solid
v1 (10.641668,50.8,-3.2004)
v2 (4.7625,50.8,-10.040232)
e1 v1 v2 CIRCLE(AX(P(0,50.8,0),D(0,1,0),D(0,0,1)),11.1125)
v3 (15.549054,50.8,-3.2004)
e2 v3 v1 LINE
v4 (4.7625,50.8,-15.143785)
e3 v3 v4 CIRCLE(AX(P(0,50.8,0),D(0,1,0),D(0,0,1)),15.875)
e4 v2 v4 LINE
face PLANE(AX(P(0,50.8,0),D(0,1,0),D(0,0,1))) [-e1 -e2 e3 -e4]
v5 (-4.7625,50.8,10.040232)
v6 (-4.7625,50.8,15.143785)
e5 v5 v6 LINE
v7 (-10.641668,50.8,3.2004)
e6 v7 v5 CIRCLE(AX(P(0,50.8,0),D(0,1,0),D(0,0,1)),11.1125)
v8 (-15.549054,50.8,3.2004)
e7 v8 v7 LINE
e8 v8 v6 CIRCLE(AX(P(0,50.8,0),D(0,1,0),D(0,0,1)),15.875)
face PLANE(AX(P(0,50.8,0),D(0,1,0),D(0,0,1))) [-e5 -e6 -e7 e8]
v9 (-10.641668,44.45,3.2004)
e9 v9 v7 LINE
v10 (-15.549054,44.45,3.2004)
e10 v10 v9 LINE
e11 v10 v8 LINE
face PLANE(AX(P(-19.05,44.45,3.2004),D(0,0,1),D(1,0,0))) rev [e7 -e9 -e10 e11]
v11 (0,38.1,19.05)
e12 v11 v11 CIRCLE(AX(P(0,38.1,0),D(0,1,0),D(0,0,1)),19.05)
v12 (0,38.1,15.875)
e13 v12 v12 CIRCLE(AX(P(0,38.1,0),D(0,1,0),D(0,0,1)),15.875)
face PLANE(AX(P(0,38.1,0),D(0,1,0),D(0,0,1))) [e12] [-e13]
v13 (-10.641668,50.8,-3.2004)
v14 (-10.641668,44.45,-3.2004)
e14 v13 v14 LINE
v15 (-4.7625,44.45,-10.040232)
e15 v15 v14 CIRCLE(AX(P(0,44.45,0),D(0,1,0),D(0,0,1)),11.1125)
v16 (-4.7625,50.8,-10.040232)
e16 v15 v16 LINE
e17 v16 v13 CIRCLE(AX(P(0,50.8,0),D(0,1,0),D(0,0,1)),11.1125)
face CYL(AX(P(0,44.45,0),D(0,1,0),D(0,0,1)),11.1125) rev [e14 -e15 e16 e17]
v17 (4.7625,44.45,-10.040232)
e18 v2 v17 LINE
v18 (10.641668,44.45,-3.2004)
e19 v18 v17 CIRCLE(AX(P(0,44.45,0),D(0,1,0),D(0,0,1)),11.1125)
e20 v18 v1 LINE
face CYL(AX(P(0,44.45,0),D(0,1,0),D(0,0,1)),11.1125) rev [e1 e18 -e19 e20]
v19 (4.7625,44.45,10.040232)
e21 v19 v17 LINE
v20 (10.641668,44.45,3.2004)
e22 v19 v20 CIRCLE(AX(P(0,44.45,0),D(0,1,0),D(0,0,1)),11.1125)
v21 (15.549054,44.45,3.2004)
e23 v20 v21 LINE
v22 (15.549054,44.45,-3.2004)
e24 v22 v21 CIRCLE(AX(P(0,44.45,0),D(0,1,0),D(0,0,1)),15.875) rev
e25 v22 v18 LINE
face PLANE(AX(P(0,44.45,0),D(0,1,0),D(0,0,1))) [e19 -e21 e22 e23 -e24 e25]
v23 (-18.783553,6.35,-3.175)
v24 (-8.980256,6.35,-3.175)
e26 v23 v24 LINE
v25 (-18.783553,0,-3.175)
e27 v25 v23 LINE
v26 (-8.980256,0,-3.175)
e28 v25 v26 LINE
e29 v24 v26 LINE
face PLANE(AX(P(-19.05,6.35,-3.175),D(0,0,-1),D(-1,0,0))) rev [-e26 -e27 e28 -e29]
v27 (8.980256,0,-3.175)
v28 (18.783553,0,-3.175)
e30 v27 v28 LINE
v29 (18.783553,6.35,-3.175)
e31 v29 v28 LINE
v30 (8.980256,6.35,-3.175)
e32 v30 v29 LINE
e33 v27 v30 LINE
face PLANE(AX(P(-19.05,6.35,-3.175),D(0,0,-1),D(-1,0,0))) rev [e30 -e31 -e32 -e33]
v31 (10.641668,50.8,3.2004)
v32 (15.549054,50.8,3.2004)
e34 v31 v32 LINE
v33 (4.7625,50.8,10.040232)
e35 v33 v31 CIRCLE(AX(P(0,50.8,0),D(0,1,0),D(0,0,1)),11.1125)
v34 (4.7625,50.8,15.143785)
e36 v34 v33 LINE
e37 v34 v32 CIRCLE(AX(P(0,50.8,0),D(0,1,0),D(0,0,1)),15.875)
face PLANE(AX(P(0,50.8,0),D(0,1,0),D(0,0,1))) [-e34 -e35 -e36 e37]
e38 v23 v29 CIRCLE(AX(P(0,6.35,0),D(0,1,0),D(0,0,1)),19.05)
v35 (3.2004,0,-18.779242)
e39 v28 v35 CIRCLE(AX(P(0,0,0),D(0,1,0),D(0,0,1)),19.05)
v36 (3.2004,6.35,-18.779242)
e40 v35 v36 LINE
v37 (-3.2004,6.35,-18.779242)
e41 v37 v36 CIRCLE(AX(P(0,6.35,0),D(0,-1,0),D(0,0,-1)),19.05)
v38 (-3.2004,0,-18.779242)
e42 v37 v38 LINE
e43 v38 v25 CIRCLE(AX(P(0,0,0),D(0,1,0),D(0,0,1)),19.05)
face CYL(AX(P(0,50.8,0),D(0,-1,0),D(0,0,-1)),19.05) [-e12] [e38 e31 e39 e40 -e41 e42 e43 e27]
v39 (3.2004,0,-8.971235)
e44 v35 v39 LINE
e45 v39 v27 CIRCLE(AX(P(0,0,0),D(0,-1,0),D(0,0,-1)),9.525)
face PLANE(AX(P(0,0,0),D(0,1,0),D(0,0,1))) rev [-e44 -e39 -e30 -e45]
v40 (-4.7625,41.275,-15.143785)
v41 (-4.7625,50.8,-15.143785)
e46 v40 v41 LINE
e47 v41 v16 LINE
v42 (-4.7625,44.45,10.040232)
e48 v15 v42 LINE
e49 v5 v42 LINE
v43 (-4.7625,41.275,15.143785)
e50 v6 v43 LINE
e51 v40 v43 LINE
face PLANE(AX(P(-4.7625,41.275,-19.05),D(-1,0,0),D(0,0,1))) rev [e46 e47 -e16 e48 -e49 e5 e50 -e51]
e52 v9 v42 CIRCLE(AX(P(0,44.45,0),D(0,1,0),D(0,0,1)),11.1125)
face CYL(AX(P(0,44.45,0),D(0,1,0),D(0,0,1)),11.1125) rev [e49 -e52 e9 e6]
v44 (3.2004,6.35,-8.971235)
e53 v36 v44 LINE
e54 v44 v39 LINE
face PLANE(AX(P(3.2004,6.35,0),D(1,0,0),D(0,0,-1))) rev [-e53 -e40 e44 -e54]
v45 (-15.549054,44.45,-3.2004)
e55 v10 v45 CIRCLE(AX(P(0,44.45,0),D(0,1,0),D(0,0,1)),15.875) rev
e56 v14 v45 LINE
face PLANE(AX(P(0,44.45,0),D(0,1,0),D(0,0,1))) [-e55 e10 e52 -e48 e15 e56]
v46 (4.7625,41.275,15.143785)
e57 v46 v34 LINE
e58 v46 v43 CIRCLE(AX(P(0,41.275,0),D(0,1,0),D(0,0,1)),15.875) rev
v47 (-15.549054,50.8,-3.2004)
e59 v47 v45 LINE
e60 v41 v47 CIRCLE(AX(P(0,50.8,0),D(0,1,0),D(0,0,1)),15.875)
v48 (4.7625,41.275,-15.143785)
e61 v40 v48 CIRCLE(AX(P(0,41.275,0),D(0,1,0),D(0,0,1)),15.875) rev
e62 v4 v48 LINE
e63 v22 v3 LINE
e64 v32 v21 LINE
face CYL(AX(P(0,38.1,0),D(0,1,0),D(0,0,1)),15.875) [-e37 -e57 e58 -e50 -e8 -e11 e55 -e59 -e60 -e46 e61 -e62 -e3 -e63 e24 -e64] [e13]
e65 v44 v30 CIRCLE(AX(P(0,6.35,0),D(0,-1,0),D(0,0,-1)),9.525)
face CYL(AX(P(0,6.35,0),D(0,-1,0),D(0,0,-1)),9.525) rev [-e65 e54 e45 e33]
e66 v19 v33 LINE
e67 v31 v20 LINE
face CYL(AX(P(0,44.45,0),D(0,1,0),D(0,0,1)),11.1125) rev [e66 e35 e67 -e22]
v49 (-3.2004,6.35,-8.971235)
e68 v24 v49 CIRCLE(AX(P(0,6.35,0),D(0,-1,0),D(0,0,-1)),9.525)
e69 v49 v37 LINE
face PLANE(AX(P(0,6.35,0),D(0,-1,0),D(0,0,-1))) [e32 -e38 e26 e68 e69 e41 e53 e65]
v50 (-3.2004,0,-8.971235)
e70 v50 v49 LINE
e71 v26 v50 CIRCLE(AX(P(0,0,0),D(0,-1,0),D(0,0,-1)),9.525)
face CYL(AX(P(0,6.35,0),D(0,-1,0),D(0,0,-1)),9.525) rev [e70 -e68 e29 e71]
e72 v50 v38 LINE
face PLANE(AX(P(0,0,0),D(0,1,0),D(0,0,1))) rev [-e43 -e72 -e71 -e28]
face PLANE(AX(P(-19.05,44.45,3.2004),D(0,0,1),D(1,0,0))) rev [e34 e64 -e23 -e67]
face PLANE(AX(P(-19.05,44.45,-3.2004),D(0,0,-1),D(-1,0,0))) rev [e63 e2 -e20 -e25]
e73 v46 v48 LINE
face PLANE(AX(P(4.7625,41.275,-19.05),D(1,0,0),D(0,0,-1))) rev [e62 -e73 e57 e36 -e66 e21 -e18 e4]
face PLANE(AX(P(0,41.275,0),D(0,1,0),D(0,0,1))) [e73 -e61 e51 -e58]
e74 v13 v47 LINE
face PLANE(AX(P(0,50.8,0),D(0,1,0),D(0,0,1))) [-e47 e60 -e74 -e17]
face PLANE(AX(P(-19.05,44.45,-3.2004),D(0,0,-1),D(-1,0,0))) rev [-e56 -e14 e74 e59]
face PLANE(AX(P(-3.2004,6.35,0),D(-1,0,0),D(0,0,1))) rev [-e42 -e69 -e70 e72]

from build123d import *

# Parameters (mm, degrees)
SKETCH1_R                              = 19.05
F_1_5_DIAMETER_2_TALL_CYLINDER_DEPTH   = 50.8
SKETCH2_R                              = 19.05
SKETCH2_R_2                            = 15.875
F_1_25_DIAMETER_X_5_CYLINDER_CUT_DEPTH = 12.7
SKETCH3_R                              = 11.1125
CUT_EXTRUDE2_DEPTH                     = 6.35
SKETCH4_W                              = 9.525
SKETCH4_H                              = 38.1
CUT_EXTRUDE3_DEPTH                     = 9.525
SKETCH5_W                              = 38.1
SKETCH5_H                              = 6.4008
CUT_EXTRUDE4_DEPTH                     = 6.35
SKETCH11_R                             = 9.525
CUT_EXTRUDE5_DEPTH                     = 6.35
SKETCH12_W                             = 6.4008
SKETCH12_H                             = 19.05
CUT_EXTRUDE6_DEPTH                     = 6.35
SKETCH13_W                             = 38.1
SKETCH13_H                             = 22.225
CUT_EXTRUDE7_DEPTH                     = 6.35


with BuildPart() as part:
    # Sketch1 → 1.5" diameter 2" tall cylinder (new body)
    with BuildSketch(Plane(origin=(0, 0, 0), x_dir=(1, 0, 0), z_dir=(0, 1, 0))):
        Circle(SKETCH1_R)
    extrude(amount=F_1_5_DIAMETER_2_TALL_CYLINDER_DEPTH)

    # Sketch2 → 1.25" diameter x .5" cylinder cut (cut)
    with BuildSketch(Plane(origin=(0, 50.8, 0), x_dir=(1, 0, 0), z_dir=(0, 1, 0))):
        Circle(SKETCH2_R)
        Circle(SKETCH2_R_2, mode=Mode.SUBTRACT)
    extrude(amount=-F_1_25_DIAMETER_X_5_CYLINDER_CUT_DEPTH, mode=Mode.SUBTRACT)

    # Sketch3 → Cut-Extrude2 (cut)
    with BuildSketch(Plane(origin=(0, 50.8, 0), x_dir=(1, 0, 0), z_dir=(0, 1, 0))):
        Circle(SKETCH3_R)
    extrude(amount=-CUT_EXTRUDE2_DEPTH, mode=Mode.SUBTRACT)

    # Sketch4 → Cut-Extrude3 (cut)
    with BuildSketch(Plane(origin=(0, 50.8, 0), x_dir=(1, 0, 0), z_dir=(0, 1, 0))):
        Rectangle(SKETCH4_W, SKETCH4_H)
    extrude(amount=-CUT_EXTRUDE3_DEPTH, mode=Mode.SUBTRACT)

    # Sketch5 → Cut-Extrude4 (cut)
    with BuildSketch(Plane(origin=(0, 50.8, 0), x_dir=(1, 0, 0), z_dir=(0, 1, 0))):
        Rectangle(SKETCH5_W, SKETCH5_H)
    extrude(amount=-CUT_EXTRUDE4_DEPTH, mode=Mode.SUBTRACT)

    # Sketch11 → Cut-Extrude5 (cut)
    with BuildSketch(Plane(origin=(0, 0, 0), x_dir=(-1, 0, 0), z_dir=(0, -1, 0))):
        Circle(SKETCH11_R)
    extrude(amount=-CUT_EXTRUDE5_DEPTH, mode=Mode.SUBTRACT)

    # Sketch12 → Cut-Extrude6 (cut)
    with BuildSketch(Plane.XZ):
        with Locations((0, -9.525)):
            Rectangle(SKETCH12_W, SKETCH12_H)
    extrude(amount=-CUT_EXTRUDE6_DEPTH, mode=Mode.SUBTRACT)

    # Sketch13 → Cut-Extrude7 (cut)
    with BuildSketch(Plane.XZ):
        with Locations((0, 7.9375)):
            Rectangle(SKETCH13_W, SKETCH13_H)
    extrude(amount=-CUT_EXTRUDE7_DEPTH, mode=Mode.SUBTRACT)


solid = part.part
